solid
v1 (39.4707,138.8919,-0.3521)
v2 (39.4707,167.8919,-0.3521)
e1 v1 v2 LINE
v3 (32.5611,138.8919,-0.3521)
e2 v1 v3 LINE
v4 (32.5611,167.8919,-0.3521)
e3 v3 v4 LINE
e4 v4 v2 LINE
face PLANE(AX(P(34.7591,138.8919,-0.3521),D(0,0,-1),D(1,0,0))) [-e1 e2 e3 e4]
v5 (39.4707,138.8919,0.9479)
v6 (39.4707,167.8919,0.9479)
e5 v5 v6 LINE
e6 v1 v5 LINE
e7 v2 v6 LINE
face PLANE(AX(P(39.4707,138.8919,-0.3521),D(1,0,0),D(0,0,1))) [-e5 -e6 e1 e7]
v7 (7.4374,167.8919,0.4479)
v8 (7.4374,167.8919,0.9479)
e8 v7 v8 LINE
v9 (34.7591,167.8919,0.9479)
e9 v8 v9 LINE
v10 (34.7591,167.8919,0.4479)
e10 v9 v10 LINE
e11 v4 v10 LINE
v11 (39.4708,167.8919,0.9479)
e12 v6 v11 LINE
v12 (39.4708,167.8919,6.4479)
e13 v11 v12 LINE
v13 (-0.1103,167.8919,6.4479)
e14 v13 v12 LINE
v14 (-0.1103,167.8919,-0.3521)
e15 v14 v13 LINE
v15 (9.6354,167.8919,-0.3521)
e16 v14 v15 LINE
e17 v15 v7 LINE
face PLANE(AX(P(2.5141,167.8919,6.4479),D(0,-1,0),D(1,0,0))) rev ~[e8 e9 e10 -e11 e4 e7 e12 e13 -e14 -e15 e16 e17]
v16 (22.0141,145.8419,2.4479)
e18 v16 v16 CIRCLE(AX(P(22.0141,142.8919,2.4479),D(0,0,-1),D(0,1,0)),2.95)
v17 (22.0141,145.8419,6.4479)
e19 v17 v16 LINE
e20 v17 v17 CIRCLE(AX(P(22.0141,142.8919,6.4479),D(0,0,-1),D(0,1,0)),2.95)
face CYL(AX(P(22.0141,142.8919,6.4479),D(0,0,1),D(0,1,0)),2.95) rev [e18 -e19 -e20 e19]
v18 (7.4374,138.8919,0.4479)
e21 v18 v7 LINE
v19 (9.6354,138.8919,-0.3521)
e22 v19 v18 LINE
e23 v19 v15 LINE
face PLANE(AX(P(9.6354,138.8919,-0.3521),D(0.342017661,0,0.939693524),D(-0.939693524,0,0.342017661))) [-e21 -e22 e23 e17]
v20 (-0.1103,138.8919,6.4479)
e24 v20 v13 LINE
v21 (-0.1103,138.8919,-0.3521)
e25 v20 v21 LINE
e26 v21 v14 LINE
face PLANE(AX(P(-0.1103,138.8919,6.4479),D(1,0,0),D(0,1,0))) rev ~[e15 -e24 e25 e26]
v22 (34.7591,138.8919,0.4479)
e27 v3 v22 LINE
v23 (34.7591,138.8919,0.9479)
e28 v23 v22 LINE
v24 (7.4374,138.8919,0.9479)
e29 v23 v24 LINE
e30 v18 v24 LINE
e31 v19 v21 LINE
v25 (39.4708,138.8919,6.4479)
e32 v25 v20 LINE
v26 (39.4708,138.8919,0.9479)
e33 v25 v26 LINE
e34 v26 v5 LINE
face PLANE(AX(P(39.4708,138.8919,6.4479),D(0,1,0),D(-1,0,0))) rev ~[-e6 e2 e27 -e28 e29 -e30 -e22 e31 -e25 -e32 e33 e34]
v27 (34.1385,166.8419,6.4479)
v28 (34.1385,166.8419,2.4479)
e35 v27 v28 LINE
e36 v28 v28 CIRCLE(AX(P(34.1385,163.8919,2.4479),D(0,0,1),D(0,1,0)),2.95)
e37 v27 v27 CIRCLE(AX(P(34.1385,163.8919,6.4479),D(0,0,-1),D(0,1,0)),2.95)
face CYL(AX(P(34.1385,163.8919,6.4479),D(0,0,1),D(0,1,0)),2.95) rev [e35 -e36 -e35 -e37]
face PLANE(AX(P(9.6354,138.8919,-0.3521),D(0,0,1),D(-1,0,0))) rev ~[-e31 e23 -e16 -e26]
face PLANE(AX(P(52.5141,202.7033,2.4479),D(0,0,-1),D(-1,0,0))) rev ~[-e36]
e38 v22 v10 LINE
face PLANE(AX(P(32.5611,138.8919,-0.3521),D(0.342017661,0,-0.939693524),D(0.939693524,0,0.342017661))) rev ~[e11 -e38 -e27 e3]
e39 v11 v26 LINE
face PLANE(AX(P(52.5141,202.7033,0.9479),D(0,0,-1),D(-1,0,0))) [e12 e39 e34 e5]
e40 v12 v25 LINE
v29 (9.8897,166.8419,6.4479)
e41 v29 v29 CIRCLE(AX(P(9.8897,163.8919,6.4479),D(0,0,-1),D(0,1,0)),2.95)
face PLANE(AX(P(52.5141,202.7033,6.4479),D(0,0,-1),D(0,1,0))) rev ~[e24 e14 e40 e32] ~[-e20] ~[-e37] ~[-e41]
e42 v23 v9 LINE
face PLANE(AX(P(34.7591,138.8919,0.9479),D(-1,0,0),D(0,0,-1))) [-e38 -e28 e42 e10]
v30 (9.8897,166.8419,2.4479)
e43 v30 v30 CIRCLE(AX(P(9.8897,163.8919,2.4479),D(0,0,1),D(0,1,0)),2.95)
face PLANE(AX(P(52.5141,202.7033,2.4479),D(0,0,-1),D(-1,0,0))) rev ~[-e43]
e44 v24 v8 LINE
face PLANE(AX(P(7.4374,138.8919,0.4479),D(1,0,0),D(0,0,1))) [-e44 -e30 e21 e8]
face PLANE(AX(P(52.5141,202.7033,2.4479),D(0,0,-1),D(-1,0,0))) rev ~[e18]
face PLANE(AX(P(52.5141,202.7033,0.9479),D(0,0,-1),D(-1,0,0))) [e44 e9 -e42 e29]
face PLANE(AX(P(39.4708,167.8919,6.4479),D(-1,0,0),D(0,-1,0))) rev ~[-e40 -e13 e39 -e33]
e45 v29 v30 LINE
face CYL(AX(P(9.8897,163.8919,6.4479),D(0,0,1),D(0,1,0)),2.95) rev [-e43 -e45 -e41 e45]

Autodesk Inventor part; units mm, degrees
ref_plane "YZ Plane" through (0, 0, 0) normal (1, 0, 0) x (0, 1, 0)
ref_plane "XZ Plane" through (0, 0, 0) normal (0, 1, 0) x (-1, 0, 0)
ref_plane "XY Plane" through (0, 0, 0) normal (0, 0, 1) x (1, 0, 0)
ref_plane "Work Plane1" through (52.5141, 202.7033, 6.4479) normal (0, 0, -1) x (0, 1, 0)
sketch "Sketch1" plane through (52.5141, 202.7033, 6.4479) normal (0, 0, -1) x (0, 1, 0)
  circle A0 centre (-59.8114, -30.5) radius 1.4 construction
  circle A1 centre (-38.8114, -18.3756) radius 1.4 projected
  circle A2 centre (-38.8114, -42.6244) radius 1.4 construction
  circle A3 centre (41, 0) radius 1.65 projected
  circle A4 centre (-9, 0) radius 1.65 projected
  circle A5 centre (-9, 50) radius 1.65 projected
  circle A6 centre (41, 50) radius 1.65 projected
  circle A7 centre (16, 50) radius 1.65 projected
  circle A8 centre (-9, 25) radius 1.65 projected
  circle A9 centre (16, 0) radius 1.65 projected
  circle A10 centre (41, 25) radius 1.65 projected
  line L0 (80, 55) -> (-80, 55) projected
  line L1 (-80, 55) -> (-80, -55) projected
  line L2 (-80, -55) -> (80, -55) projected
  line L3 (80, -55) -> (80, 55) projected
  line L4 (-36.5, 0) -> (-36.5, -50) projected
  line L5 (-14, 0) -> (-36.5, 0) projected
  line L6 (-14, -5) -> (-14, 0) projected
  line L7 (72, -5) -> (-14, -5) projected
  line L8 (72, -50) -> (72, -5) projected
  line L9 (-36.5, -50) -> (72, -50) projected
  line L10 (-4, 45) -> (-4, 5) projected
  line L11 (36, 45) -> (-4, 45) projected
  line L12 (36, 5) -> (36, 45) projected
  line L13 (-4, 5) -> (36, 5) projected
  line L14 (-64.5989, -17.0433) -> (-64.5989, -57.0433) construction
  line L15 (-64.5989, -57.0433) -> (-34.5989, -57.0433) construction
  line L16 (-34.5989, -57.0433) -> (-34.5989, -17.0433) construction
  line L17 (-34.5989, -17.0433) -> (-64.5989, -17.0433) construction
  line L18 (-34.8114, -13.0433) -> (-63.8114, -13.0433)
  line L19 (-63.8114, -13.0433) -> (-63.8114, -52.6244)
  line L20 (-63.8114, -52.6244) -> (-34.8114, -52.6244)
  line L21 (-34.8114, -52.6244) -> (-34.8114, -13.0433)
  circle A11 centre (-59.8114, -30.5) radius 2.95
  circle A12 centre (-38.8114, -18.3756) radius 2.95
  circle A13 centre (-38.8114, -42.6244) radius 2.95 construction
  line L22 (-36.5, -35.1157) -> (-41.75, -35.1157) construction
  line L23 (-41.75, -35.1157) -> (-41.75, -38.5657) construction
  line L24 (-41.75, -38.5657) -> (-56.86, -38.5657) construction
  line L25 (-56.86, -38.5657) -> (-56.86, -35.1157) construction
  line L26 (-56.86, -35.1157) -> (-60.26, -35.1157) construction
  line L27 (-60.26, -35.1157) -> (-60.26, -52.0657) construction
  line L28 (-60.26, -52.0657) -> (-36.5, -52.0657) construction
  line L29 (-36.5, -52.0657) -> (-36.5, -35.1157) construction
  line L30 (-41.75, -28.3657) -> (-36.5, -28.3657) construction
  line L31 (-36.5, -28.3657) -> (-36.5, -25.0657) construction
  line L32 (-36.5, -25.0657) -> (-60.26, -25.0657) construction
  line L33 (-60.26, -25.0657) -> (-60.26, -28.3657) construction
  line L34 (-60.26, -28.3657) -> (-56.86, -28.3657) construction
  line L35 (-56.86, -28.3657) -> (-56.86, -27.0942) construction
  line L36 (-56.86, -27.0942) -> (-41.75, -27.0942) construction
  line L37 (-41.75, -27.0942) -> (-41.75, -28.3657) construction
  line L38 (-56.86, -35.1157) -> (-60.26, -35.1157) construction
  line L39 (-56.86, -38.5657) -> (-56.86, -35.1157) construction
  line L40 (-41.75, -38.5657) -> (-56.86, -38.5657) construction
  line L41 (-41.75, -35.1157) -> (-41.75, -38.5657) construction
  line L42 (-36.5, -35.1157) -> (-41.75, -35.1157) construction
  line L43 (-36.5, -35.05) -> (-36.5, -35.1157) construction
  line L44 (-36.5, -35.05) -> (-56.86, -35.05) construction
  line L45 (-36.5, -34.78) -> (-36.5, -35.05) construction
  line L46 (-36.5, -34.78) -> (-56.86, -34.78) construction
  line L47 (-36.5, -34.51) -> (-36.5, -34.78) construction
  line L48 (-36.5, -34.51) -> (-56.86, -34.51) construction
  line L49 (-36.5, -34.24) -> (-36.5, -34.51) construction
  line L50 (-36.5, -34.24) -> (-56.86, -34.24) construction
  line L51 (-36.5, -33.97) -> (-36.5, -34.24) construction
  line L52 (-36.5, -33.97) -> (-56.86, -33.97) construction
  line L53 (-36.5, -33.7) -> (-36.5, -33.97) construction
  line L54 (-36.5, -33.7) -> (-56.86, -33.7) construction
  line L55 (-36.5, -33.43) -> (-36.5, -33.7) construction
  line L56 (-36.5, -33.43) -> (-56.86, -33.43) construction
  line L57 (-36.5, -33.16) -> (-36.5, -33.43) construction
  line L58 (-36.5, -33.16) -> (-56.86, -33.16) construction
  line L59 (-36.5, -32.89) -> (-36.5, -33.16) construction
  line L60 (-36.5, -32.89) -> (-56.86, -32.89) construction
  line L61 (-36.5, -32.62) -> (-36.5, -32.89) construction
  line L62 (-36.5, -32.62) -> (-56.86, -32.62) construction
  line L63 (-36.5, -32.35) -> (-36.5, -32.62) construction
  line L64 (-36.5, -32.35) -> (-56.86, -32.35) construction
  line L65 (-36.5, -32.08) -> (-36.5, -32.35) construction
  line L66 (-36.5, -32.08) -> (-56.86, -32.08) construction
  line L67 (-36.5, -31.81) -> (-36.5, -32.08) construction
  line L68 (-36.5, -31.81) -> (-56.86, -31.81) construction
  line L69 (-36.5, -31.54) -> (-36.5, -31.81) construction
  line L70 (-36.5, -31.54) -> (-56.86, -31.54) construction
  line L71 (-36.5, -31.27) -> (-36.5, -31.54) construction
  line L72 (-36.5, -31.27) -> (-56.86, -31.27) construction
  line L73 (-36.5, -31) -> (-36.5, -31.27) construction
  line L74 (-36.5, -31) -> (-56.86, -31) construction
  line L75 (-36.5, -30.73) -> (-36.5, -31) construction
  line L76 (-36.5, -30.73) -> (-56.86, -30.73) construction
  line L77 (-36.5, -30.46) -> (-36.5, -30.73) construction
  line L78 (-36.5, -30.46) -> (-56.86, -30.46) construction
  line L79 (-36.5, -30.19) -> (-36.5, -30.46) construction
  line L80 (-36.5, -30.19) -> (-56.86, -30.19) construction
  line L81 (-36.5, -29.92) -> (-36.5, -30.19) construction
  line L82 (-36.5, -29.92) -> (-56.86, -29.92) construction
  line L83 (-36.5, -29.65) -> (-36.5, -29.92) construction
  line L84 (-36.5, -29.65) -> (-56.86, -29.65) construction
  line L85 (-36.5, -29.38) -> (-36.5, -29.65) construction
  line L86 (-36.5, -29.38) -> (-56.86, -29.38) construction
  line L87 (-36.5, -29.11) -> (-36.5, -29.38) construction
  line L88 (-36.5, -29.11) -> (-56.86, -29.11) construction
  line L89 (-36.5, -28.84) -> (-36.5, -29.11) construction
  line L90 (-36.5, -28.84) -> (-56.86, -28.84) construction
  line L91 (-36.5, -28.3657) -> (-36.5, -28.84) construction
  line L92 (-41.75, -28.3657) -> (-36.5, -28.3657) construction
  line L93 (-41.75, -27.0942) -> (-41.75, -28.3657) construction
  line L94 (-56.86, -27.0942) -> (-41.75, -27.0942) construction
  line L95 (-56.86, -28.3657) -> (-56.86, -27.0942) construction
  line L96 (-60.26, -28.3657) -> (-56.86, -28.3657) construction
  line L97 (-60.26, -35.1157) -> (-60.26, -28.3657) construction
  line L98 (-60.26, -25.0657) -> (-36.5, -25.0657) construction
  line L99 (-36.5, -25.0657) -> (-36.5, -52.0657) construction
  line L100 (-60.26, -52.0657) -> (-60.26, -25.0657) construction
  line L101 (-57.1632, -22.5233) -> (-33.4032, -22.5233) construction
  line L102 (-33.4032, -22.5233) -> (-33.4032, -49.5233) construction
  line L103 (-33.4032, -49.5233) -> (-57.1632, -49.5233) construction
  line L104 (-57.1632, -49.5233) -> (-57.1632, -22.5233) construction
  circle A14 centre (-38.8114, -42.6244) radius 2.95
  point P0 (-202.7033, -52.5141)
  point P1 (-56.7146, -27.9576)
  dimension "d0" = 4
  dimension "d2" = 4
  dimension "d3" = 4
  dimension "d4" = 5.9
  dimension "d5" = 5.9
  dimension "d6" = 5.9
  dimension "d10" = 10
extrude "Extrusion1" add sketch "Sketch1" along normal blind 4 contours L18 L21 L9 L4 A14 A12 | L4 A12 A14 L9 L21 L20 L19 L18
sketch "Sketch2" plane through (52.5141, 202.7033, 2.4479) normal (0, 0, -1) x (-1, 0, 0)
  circle A0 centre (42.6244, -38.8114) radius 2.95 projected
  circle A1 centre (18.3756, -38.8114) radius 2.95 projected
  circle A2 centre (30.5, -59.8114) radius 2.95 projected
  line L0 (13.0433, -34.8114) -> (13.0433, -63.8114) projected
  line L1 (13.0433, -63.8114) -> (52.6244, -63.8114) projected
  line L2 (52.6244, -63.8114) -> (52.6244, -34.8114) projected
  line L3 (52.6244, -34.8114) -> (13.0433, -34.8114) projected
  point P0 (52.5141, -202.7033)
extrude "Extrusion2" add sketch "Sketch2" along normal blind 1.5 contours A0 | A1 | A2 | L3 L2 L1 L0
sketch "Sketch3" plane through (-0.1103, 138.8919, 6.4479) normal (0, -1, 0) x (1, 0, 0)
  line L0 (39.581, 0) -> (0, 0) projected
  line L1 (0, 0) -> (0, -5.5) projected
  line L2 (39.581, -5.5) -> (0, -5.5) projected
  line L3 (39.581, 0) -> (39.581, -5.5) projected
  line L4 (17.5087, -7.4479) -> (17.5087, -6.8479) construction
  line L5 (17.5087, -6.8479) -> (24.2587, -6.8479) construction
  line L6 (24.2587, -6.8479) -> (24.2587, -7.4479) construction
  line L7 (27.5587, -7.4479) -> (24.2587, -7.4479) construction
  line L8 (27.5587, -6.4479) -> (27.5587, -7.4479) construction
  line L9 (27.5587, -6.4479) -> (0.5587, -6.4479) construction
  line L10 (0.5587, -6.4479) -> (0.5587, -7.4479) construction
  line L11 (17.5087, -7.4479) -> (0.5587, -7.4479) construction
  line L12 (39.581, 0) -> (39.581, -5.5) projected
  line L13 (39.581, -5.5) -> (34.8694, -5.5)
  line L14 (34.8694, -5.5) -> (34.8694, -6)
  line L15 (34.8694, -6.8) -> (39.581, -6.8)
  line L16 (39.581, -6.8) -> (39.581, -5.5)
  line L17 (39.581, -6.8) -> (32.6714, -6.8)
  line L18 (32.6714, -6.8) -> (34.8694, -6)
  line L19 (12.6726, -5.5) -> (12.6726, -6.5) projected
  line L20 (0, 0) -> (0, -5.5) projected
  line L21 (0, -5.5) -> (8.1109, -5.5)
  line L22 (8.1109, -6.8) -> (0, -6.8)
  line L23 (0, -6.8) -> (0, -5.5)
  line L24 (9.7457, -6.8) -> (8.1109, -6.8)
  line L25 (0, -5.5) -> (39.581, -5.5) projected
  line L26 (9.7457, -6.8) -> (7.5477, -6)
  line L27 (7.5477, -6) -> (7.5477, -5.5)
  line L28 (8.8457, -5.5) -> (33.4957, -5.5) construction
  line L29 (33.4957, -5.5) -> (33.4957, -6.5) construction
  line L30 (33.4957, -6.5) -> (8.8457, -6.5) construction
  line L31 (8.8457, -6.5) -> (8.8457, -5.5) construction
  point P0 (8.981, -5.5)
  dimension "d42" = 1.3
  dimension "d43" = 110
  dimension "d45" = 0.5
  dimension "d46" = 0.5
  dimension "d47" = 110
  dimension "d48" = 24.65
  dimension "d49" = 1
  dimension "d50" = 0.9
  dimension "d51" = 0
extrude "Extrusion3" add sketch "Sketch3" against normal up to surface (29 mm away) contours L16 L15 L17 L18 L14 L2 | L2 L27 L26 L24 L22 L23
sketch "Sketch6" plane through (52.5141, 202.7033, 6.4479) normal (0, 0, 1) x (1, 0, 0)
  line L0 (-13.0433, -34.8114) -> (-13.0433, -63.8114) projected
  line L1 (-52.6244, -34.8114) -> (-13.0433, -34.8114) projected
  line L2 (-52.6244, -63.8114) -> (-52.6244, -34.8114) projected
  line L3 (-13.0433, -63.8114) -> (-52.6244, -63.8114) projected
  line L4 (-23.5962, -45.8071) -> (-17.5454, -39.7563)
  line L5 (-17.5454, -39.7563) -> (-19.6668, -37.635)
  line L6 (-19.6668, -37.635) -> (-25.7175, -43.6858)
  line L7 (-25.7175, -43.6858) -> (-23.5962, -45.8071)
  line L8 (-23.5962, -45.8071) -> (-19.6668, -37.635) construction
  line L9 (-17.5454, -39.7563) -> (-25.7175, -43.6858) construction
  line L10 (-39.0797, -45.8071) -> (-43.9064, -40.9803)
  line L11 (-43.9064, -40.9803) -> (-41.7851, -38.859)
  line L12 (-41.7851, -38.859) -> (-36.9583, -43.6858)
  line L13 (-36.9583, -43.6858) -> (-39.0797, -45.8071)
  line L14 (-39.0797, -45.8071) -> (-41.7851, -38.859) construction
  line L15 (-43.9064, -40.9803) -> (-36.9583, -43.6858) construction
  line L16 (-25.7175, -43.6858) -> (-36.9583, -43.6858)
  line L17 (-23.5962, -45.8071) -> (-23.5962, -49.9899)
  line L18 (-23.5962, -49.9899) -> (-39.0797, -49.9899)
  line L19 (-39.0797, -49.9899) -> (-39.0797, -45.8071)
  point P0 (-52.5141, -202.7033)
  point P1 (-21.6315, -41.7211)
  point P2 (-40.4324, -42.333)
  dimension "d35" = 3
  dimension "d36" = 3
  dimension "d37" = 45
  dimension "d38" = 0
extrude "Extrusion6" [suppressed]
properties part number "cellSTORM_v5_chiptray_new_0_24.4"
